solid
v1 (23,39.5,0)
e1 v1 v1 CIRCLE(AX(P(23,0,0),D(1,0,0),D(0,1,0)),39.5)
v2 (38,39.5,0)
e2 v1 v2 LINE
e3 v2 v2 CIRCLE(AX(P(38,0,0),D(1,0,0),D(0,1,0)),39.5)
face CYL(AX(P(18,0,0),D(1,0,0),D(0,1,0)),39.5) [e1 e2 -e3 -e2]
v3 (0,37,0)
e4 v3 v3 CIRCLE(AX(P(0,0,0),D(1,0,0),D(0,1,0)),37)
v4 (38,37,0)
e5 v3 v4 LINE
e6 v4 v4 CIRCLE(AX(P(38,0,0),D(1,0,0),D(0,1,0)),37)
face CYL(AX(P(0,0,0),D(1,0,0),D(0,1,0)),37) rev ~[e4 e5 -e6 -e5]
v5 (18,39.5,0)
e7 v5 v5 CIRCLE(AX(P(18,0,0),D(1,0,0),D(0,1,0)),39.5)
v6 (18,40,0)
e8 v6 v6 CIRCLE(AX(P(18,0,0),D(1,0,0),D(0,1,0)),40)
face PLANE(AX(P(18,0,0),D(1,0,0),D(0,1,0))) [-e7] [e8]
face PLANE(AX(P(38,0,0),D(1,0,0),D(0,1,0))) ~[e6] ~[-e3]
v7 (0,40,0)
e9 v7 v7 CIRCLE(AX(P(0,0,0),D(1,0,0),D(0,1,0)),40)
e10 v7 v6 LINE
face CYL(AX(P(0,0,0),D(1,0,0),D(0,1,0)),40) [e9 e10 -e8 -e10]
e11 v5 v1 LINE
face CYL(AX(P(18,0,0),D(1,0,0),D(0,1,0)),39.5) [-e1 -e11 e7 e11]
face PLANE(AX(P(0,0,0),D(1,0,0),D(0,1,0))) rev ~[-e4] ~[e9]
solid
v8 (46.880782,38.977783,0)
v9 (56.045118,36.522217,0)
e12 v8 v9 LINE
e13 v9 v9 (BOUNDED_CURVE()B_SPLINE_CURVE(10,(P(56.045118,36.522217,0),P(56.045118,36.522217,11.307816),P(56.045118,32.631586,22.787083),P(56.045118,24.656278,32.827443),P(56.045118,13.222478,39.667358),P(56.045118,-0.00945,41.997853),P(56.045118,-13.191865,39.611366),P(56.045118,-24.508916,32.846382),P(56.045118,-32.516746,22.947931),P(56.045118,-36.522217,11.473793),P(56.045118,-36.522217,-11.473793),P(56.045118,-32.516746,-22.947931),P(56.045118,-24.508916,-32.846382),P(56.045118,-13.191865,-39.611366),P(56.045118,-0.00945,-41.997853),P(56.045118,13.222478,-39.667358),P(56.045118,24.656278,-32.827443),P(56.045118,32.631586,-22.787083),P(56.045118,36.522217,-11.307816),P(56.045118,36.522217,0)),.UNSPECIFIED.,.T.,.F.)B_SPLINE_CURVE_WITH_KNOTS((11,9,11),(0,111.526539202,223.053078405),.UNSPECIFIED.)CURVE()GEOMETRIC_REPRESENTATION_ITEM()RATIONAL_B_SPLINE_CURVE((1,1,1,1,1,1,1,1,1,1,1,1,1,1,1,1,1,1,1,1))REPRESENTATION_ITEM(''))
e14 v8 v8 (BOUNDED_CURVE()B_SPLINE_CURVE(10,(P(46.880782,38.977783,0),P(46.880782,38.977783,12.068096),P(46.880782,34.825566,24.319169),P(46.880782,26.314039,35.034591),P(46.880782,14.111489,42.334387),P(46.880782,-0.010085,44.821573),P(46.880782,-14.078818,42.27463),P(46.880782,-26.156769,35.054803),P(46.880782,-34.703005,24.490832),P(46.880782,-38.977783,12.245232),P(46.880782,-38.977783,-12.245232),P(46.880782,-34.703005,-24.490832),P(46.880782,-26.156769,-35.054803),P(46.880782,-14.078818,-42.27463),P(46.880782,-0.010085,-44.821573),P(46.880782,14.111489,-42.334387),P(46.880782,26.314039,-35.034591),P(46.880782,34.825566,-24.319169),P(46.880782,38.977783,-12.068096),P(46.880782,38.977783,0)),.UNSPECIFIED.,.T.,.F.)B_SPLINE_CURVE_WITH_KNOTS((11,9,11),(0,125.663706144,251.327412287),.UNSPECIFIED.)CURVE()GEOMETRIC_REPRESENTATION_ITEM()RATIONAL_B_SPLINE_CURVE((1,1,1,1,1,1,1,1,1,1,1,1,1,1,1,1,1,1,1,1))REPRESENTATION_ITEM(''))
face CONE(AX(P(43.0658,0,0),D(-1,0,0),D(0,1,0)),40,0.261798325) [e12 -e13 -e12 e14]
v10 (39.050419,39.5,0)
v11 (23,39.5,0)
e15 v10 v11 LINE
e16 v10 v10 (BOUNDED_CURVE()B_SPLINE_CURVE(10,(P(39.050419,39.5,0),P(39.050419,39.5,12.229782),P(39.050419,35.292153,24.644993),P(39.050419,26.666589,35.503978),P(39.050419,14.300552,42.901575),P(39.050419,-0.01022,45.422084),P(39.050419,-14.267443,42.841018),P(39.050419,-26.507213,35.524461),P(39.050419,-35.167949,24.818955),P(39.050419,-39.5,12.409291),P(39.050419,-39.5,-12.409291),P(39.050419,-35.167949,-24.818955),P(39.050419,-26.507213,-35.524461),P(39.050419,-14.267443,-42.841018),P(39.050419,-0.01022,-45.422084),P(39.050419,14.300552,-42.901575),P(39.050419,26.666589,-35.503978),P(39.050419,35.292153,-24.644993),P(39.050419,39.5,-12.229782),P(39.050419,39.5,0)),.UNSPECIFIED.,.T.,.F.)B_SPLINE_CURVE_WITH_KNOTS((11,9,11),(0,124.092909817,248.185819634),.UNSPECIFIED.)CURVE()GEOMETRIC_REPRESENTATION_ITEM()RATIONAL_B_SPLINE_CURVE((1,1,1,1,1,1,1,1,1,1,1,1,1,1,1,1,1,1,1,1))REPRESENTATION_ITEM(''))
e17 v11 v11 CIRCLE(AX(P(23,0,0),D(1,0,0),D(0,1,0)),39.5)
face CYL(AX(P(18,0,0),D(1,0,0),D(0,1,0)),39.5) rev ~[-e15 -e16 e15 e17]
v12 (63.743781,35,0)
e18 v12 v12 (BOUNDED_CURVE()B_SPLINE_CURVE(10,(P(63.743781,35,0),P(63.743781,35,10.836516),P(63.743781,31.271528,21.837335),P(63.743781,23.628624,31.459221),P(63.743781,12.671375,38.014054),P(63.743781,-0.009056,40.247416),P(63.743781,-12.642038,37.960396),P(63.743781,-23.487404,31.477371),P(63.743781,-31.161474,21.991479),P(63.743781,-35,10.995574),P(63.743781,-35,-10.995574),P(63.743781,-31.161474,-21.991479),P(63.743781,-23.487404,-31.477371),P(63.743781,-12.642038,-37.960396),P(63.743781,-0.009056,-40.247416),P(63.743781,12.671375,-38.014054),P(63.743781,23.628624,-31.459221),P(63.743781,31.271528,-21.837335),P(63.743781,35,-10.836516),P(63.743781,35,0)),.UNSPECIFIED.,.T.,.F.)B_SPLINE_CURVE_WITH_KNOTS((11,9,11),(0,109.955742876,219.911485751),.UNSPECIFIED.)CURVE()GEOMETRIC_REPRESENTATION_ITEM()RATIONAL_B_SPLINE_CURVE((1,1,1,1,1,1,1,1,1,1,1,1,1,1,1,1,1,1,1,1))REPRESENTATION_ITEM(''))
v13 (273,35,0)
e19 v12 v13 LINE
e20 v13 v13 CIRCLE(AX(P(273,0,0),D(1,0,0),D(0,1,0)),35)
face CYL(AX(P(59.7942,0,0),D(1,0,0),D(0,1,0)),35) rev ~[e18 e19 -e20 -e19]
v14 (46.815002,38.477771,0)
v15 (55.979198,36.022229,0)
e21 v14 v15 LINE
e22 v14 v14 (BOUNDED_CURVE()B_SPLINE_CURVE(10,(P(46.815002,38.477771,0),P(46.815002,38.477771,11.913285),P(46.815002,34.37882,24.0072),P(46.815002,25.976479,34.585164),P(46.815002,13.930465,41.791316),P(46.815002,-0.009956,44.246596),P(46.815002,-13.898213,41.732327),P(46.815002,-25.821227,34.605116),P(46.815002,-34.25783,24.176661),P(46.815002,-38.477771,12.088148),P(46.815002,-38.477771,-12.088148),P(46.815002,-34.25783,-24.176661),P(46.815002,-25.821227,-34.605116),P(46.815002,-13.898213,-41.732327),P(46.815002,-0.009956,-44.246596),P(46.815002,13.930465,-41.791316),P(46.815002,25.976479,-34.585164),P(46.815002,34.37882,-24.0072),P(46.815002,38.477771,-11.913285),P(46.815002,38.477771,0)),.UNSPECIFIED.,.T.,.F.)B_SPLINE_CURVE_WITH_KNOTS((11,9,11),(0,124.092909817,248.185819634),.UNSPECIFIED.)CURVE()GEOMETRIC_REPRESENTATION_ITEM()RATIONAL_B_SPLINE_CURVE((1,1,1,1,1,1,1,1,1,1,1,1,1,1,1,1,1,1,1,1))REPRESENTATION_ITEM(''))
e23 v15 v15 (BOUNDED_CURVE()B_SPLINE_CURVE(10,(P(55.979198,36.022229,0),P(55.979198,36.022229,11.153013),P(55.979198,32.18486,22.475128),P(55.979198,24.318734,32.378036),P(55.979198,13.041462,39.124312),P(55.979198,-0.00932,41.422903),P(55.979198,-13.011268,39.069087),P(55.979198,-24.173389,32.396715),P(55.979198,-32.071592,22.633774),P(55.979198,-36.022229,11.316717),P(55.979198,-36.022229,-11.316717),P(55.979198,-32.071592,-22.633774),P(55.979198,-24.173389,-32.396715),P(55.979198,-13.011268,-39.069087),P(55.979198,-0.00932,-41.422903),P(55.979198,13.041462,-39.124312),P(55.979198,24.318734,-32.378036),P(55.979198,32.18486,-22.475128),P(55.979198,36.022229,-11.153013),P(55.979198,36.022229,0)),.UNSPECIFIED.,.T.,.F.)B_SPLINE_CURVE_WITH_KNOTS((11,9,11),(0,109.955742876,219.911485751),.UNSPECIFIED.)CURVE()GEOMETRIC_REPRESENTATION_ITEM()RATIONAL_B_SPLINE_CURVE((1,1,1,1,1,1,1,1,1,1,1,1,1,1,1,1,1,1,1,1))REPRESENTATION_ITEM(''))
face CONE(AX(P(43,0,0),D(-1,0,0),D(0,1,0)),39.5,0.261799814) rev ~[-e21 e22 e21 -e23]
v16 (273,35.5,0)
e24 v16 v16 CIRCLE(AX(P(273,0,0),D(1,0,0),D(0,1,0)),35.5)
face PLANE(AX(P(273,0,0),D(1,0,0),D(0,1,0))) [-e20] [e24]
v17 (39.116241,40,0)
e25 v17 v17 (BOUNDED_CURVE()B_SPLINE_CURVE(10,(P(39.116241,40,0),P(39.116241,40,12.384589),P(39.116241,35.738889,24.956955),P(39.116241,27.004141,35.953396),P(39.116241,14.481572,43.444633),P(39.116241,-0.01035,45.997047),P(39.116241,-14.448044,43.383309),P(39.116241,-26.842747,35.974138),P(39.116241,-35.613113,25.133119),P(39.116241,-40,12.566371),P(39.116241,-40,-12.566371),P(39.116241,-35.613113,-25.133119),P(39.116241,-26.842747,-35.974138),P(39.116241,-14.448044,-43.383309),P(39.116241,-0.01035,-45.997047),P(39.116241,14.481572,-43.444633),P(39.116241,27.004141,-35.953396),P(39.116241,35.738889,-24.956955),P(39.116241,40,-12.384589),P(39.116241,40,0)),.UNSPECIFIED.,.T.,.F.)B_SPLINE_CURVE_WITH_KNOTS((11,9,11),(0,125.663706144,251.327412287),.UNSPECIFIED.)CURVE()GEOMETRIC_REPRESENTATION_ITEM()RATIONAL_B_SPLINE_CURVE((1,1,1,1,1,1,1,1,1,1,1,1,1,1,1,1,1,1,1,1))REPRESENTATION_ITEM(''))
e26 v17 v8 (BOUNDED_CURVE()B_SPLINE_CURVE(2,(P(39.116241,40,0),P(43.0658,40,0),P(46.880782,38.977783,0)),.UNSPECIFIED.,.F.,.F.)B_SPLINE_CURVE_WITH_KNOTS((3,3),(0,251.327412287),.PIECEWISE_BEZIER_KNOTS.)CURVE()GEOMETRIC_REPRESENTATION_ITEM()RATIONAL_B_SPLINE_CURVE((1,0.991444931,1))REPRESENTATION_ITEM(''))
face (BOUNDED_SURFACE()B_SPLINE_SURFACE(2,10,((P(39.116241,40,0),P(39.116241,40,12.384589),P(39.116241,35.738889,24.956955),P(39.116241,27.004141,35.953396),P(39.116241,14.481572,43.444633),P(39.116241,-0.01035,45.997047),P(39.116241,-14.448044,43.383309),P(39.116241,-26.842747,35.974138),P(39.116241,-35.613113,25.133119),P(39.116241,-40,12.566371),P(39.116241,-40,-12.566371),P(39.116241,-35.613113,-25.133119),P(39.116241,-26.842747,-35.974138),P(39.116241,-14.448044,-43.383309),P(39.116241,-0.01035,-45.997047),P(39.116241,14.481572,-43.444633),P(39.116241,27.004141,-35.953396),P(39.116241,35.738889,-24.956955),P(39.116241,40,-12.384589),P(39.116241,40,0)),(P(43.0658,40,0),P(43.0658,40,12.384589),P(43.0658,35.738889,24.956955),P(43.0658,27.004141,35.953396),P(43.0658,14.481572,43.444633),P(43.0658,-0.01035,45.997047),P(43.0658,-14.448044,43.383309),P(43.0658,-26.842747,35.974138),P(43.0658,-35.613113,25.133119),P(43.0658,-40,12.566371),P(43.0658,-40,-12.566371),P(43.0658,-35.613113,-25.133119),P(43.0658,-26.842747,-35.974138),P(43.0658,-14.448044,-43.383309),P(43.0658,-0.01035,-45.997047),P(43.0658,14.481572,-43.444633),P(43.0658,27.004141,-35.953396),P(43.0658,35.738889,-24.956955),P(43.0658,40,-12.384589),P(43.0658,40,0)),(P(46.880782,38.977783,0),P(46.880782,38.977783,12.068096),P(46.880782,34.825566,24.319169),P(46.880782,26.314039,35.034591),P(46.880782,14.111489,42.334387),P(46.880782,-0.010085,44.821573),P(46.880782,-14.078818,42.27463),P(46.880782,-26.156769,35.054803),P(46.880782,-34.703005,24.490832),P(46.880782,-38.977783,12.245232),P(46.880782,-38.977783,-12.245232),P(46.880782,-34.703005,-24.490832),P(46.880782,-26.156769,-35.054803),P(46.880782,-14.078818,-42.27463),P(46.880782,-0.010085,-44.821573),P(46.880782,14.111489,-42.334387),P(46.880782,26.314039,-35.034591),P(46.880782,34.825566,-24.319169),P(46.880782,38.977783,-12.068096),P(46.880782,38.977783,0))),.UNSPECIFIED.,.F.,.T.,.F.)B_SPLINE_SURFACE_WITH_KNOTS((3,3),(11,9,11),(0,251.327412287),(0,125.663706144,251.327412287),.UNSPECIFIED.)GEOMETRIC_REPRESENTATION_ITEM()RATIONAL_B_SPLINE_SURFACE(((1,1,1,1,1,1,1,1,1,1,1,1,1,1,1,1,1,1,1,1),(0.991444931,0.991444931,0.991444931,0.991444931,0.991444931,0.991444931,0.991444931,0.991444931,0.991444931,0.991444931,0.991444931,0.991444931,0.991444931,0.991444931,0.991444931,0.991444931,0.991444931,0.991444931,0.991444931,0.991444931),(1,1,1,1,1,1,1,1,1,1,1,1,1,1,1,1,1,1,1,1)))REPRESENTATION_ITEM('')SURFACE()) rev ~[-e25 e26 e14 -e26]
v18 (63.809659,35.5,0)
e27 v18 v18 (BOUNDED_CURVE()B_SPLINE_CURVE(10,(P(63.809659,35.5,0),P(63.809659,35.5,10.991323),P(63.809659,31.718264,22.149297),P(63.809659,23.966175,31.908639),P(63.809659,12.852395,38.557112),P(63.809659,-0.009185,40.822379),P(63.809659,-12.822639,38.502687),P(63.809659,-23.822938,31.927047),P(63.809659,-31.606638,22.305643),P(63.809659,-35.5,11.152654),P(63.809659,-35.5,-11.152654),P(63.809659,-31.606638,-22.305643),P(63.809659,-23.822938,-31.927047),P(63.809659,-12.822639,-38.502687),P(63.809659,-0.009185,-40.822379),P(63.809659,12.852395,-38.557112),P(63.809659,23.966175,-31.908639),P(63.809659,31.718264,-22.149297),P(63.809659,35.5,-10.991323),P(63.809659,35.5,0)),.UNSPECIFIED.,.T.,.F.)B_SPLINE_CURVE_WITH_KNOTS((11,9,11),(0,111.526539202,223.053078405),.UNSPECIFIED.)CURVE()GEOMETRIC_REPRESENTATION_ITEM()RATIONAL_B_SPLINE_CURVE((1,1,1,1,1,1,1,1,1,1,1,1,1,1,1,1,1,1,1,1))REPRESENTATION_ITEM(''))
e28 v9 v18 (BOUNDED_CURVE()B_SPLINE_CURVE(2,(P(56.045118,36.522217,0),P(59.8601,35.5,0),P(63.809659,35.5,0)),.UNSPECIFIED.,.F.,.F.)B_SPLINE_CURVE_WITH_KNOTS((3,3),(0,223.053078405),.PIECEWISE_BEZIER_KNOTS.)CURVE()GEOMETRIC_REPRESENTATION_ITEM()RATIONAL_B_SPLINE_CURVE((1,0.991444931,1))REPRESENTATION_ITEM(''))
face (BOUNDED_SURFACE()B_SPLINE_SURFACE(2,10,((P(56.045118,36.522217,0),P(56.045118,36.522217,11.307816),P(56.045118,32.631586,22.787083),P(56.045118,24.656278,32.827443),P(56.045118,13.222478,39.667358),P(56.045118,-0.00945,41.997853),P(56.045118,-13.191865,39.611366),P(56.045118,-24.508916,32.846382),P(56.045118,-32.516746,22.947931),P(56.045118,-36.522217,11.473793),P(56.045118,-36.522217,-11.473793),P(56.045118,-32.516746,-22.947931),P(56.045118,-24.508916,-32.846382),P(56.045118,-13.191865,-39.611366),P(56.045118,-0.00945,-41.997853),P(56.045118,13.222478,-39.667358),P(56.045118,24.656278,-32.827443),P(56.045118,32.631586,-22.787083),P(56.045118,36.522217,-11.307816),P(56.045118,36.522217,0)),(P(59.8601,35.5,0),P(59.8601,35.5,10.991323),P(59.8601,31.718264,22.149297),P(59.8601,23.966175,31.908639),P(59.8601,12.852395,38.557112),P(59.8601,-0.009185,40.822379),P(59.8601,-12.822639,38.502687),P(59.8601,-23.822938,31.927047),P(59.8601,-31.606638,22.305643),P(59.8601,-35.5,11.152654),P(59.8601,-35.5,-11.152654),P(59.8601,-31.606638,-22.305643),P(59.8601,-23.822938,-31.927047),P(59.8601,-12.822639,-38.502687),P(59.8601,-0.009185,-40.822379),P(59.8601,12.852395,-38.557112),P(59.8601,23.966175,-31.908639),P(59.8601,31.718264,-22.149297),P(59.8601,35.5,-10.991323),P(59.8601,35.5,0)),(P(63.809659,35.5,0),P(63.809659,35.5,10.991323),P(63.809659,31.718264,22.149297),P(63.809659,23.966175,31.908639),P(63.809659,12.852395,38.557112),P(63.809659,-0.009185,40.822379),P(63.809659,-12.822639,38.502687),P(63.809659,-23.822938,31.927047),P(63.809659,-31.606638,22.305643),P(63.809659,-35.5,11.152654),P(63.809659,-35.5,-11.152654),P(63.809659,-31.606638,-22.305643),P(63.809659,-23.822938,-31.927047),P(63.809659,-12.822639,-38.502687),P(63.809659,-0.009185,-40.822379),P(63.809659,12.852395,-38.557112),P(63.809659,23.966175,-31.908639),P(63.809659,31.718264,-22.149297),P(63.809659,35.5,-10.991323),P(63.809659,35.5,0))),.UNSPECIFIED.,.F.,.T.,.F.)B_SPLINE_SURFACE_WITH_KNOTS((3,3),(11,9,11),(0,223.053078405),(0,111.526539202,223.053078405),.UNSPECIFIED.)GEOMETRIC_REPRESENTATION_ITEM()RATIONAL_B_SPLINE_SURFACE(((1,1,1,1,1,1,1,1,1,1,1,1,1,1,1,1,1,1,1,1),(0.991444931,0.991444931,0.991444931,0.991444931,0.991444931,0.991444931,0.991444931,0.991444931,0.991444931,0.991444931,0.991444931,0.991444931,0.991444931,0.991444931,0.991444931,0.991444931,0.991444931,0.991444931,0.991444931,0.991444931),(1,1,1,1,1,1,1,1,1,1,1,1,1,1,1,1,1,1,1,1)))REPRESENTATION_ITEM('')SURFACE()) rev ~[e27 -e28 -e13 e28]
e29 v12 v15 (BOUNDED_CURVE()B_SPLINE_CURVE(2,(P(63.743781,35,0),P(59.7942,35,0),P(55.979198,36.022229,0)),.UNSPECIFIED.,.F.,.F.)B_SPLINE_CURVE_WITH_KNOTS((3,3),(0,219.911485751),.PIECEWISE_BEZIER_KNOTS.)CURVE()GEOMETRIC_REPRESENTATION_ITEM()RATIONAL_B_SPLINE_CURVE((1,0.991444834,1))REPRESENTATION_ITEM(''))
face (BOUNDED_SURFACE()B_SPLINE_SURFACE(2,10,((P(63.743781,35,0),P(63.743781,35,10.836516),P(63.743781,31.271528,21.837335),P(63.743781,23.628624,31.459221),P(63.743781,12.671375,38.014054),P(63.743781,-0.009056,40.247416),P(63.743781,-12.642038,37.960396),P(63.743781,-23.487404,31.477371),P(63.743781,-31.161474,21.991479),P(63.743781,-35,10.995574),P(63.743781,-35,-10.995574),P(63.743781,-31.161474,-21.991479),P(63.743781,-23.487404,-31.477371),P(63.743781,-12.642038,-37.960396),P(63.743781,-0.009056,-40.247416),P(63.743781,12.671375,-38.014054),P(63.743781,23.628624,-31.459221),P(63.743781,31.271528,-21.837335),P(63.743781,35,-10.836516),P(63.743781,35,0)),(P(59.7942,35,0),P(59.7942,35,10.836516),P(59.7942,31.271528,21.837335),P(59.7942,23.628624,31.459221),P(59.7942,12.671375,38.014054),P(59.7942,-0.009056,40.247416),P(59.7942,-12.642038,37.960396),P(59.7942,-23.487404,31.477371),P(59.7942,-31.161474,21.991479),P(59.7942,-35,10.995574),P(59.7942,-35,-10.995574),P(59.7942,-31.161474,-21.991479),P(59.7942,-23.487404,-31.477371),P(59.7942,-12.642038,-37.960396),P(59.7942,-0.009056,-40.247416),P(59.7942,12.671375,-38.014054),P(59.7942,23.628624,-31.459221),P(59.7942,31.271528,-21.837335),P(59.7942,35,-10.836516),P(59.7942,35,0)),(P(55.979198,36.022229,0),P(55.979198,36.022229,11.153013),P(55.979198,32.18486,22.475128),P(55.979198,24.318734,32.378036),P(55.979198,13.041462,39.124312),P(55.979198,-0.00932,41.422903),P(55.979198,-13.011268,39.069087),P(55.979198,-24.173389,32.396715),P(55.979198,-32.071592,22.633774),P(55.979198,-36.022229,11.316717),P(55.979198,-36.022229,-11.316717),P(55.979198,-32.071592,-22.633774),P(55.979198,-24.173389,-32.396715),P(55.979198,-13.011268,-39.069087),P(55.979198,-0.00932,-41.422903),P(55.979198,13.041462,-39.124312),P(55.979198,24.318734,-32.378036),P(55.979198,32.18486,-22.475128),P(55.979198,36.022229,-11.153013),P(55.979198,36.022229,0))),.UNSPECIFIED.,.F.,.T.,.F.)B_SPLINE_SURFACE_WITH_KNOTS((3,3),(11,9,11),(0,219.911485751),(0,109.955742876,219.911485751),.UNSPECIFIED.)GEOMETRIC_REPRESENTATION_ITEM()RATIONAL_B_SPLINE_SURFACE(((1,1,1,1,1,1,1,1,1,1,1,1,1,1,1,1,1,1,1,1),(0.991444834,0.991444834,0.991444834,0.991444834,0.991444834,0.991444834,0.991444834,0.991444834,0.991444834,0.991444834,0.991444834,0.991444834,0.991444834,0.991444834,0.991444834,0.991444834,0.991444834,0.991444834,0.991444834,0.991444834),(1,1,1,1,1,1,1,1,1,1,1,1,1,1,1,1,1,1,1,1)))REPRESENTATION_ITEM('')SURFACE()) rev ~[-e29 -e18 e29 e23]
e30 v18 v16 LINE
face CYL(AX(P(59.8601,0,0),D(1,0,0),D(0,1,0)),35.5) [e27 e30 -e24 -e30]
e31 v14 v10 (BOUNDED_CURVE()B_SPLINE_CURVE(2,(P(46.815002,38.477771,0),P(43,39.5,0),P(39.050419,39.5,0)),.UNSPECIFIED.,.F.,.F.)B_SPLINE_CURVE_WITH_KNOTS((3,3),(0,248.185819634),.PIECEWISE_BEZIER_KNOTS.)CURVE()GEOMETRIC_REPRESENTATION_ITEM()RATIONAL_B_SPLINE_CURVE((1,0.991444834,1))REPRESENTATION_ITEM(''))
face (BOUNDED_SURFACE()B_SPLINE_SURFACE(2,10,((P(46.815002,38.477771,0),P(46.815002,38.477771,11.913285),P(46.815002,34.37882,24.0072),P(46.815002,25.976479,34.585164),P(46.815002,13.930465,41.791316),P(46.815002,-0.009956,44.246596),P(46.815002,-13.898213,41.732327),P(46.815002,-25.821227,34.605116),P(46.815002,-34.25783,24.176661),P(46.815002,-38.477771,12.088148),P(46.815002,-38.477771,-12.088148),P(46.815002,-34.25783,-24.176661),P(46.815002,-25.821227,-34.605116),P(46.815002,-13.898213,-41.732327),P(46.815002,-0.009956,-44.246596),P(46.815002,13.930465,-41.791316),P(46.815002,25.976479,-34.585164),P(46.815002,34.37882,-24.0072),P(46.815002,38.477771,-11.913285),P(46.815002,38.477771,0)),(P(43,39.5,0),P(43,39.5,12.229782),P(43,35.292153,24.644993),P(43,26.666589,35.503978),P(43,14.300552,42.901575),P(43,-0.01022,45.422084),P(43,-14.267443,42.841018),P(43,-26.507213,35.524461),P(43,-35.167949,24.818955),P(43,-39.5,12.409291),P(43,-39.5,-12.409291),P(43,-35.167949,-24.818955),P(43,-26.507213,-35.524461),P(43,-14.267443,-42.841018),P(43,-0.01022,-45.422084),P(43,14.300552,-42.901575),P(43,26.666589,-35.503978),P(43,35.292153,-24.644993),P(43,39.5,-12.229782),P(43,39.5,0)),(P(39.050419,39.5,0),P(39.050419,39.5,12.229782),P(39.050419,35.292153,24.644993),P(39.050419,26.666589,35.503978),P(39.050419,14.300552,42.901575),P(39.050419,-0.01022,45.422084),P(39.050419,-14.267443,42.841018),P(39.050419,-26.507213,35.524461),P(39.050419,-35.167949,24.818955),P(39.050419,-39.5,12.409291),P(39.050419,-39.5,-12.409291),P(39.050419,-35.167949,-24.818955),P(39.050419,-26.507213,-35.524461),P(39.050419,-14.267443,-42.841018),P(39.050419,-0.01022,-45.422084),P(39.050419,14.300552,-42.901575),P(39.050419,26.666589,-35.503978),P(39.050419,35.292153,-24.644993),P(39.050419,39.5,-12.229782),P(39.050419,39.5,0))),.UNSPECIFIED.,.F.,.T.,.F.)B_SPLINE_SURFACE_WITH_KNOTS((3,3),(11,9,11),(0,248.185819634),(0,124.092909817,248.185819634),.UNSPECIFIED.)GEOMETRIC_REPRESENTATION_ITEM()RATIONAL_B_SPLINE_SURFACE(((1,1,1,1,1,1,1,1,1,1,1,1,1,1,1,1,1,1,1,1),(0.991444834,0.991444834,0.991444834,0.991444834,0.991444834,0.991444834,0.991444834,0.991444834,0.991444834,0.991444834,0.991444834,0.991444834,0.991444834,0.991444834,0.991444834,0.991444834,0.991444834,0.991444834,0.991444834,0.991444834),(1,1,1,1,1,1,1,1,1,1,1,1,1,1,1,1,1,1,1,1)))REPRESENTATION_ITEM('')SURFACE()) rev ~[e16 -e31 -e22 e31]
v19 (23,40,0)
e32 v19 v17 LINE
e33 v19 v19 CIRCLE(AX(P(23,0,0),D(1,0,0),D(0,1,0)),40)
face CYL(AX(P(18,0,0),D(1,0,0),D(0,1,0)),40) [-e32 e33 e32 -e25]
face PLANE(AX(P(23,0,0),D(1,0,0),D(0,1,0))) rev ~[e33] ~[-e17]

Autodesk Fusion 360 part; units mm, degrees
sketch "Sketch1" plane through (0, 0, 0) normal (0, 0, 1) x (1, 0, 0)
  line L0 (0, 40) -> (0, 37)
  line L1 (0, 37) -> (38, 37)
  line L2 (38, 37) -> (38, 39.5)
  line L3 (0, 40) -> (18, 40)
  line L4 (18, 40) -> (18, 39.5)
  line L5 (18, 39.5) -> (43, 39.5)
  line L6 (43, 39.5) -> (59.7942, 35)
  line L7 (59.7942, 35) -> (273, 35)
  line L8 (18, 40) -> (43.0658, 40)
  line L9 (43.0658, 40) -> (59.8601, 35.5)
  line L10 (59.8601, 35.5) -> (273, 35.5)
  line L11 (273, 35.5) -> (273, 35)
  line L12 (23, 40) -> (23, 39.5)
  dimension "d1" = -0.5
  dimension "d2" = 40
  dimension "d3" = 3
  dimension "d4" = 38
  dimension "d5" = 15
  dimension "d6" = 5
  dimension "d7" = 250
  dimension "d8" = 15
  dimension "d9" = 20
  dimension "d10" = 35
revolve "Revolve1" add sketch "Sketch1" angle 360 about axis through (1.75, 0, 0) along (1, 0, 0) contours L0 L1 L2 L3 L4 L5 makes body 1
revolve "Revolve2" add sketch "Sketch1" angle 360 about axis through (1.75, 0, 0) along (1, 0, 0) separate body contours L5 L6 L7 L8 L9 L10 L11 L12 makes body 2
fillet "Fillet1" radius 30 4 edges at (59.8601, -12.8373, 33.0976) (43.0658, -14.4646, 37.2931) (59.7942, -12.6565, 32.6315) (43, -14.2838, 36.8269) on bodies 2
